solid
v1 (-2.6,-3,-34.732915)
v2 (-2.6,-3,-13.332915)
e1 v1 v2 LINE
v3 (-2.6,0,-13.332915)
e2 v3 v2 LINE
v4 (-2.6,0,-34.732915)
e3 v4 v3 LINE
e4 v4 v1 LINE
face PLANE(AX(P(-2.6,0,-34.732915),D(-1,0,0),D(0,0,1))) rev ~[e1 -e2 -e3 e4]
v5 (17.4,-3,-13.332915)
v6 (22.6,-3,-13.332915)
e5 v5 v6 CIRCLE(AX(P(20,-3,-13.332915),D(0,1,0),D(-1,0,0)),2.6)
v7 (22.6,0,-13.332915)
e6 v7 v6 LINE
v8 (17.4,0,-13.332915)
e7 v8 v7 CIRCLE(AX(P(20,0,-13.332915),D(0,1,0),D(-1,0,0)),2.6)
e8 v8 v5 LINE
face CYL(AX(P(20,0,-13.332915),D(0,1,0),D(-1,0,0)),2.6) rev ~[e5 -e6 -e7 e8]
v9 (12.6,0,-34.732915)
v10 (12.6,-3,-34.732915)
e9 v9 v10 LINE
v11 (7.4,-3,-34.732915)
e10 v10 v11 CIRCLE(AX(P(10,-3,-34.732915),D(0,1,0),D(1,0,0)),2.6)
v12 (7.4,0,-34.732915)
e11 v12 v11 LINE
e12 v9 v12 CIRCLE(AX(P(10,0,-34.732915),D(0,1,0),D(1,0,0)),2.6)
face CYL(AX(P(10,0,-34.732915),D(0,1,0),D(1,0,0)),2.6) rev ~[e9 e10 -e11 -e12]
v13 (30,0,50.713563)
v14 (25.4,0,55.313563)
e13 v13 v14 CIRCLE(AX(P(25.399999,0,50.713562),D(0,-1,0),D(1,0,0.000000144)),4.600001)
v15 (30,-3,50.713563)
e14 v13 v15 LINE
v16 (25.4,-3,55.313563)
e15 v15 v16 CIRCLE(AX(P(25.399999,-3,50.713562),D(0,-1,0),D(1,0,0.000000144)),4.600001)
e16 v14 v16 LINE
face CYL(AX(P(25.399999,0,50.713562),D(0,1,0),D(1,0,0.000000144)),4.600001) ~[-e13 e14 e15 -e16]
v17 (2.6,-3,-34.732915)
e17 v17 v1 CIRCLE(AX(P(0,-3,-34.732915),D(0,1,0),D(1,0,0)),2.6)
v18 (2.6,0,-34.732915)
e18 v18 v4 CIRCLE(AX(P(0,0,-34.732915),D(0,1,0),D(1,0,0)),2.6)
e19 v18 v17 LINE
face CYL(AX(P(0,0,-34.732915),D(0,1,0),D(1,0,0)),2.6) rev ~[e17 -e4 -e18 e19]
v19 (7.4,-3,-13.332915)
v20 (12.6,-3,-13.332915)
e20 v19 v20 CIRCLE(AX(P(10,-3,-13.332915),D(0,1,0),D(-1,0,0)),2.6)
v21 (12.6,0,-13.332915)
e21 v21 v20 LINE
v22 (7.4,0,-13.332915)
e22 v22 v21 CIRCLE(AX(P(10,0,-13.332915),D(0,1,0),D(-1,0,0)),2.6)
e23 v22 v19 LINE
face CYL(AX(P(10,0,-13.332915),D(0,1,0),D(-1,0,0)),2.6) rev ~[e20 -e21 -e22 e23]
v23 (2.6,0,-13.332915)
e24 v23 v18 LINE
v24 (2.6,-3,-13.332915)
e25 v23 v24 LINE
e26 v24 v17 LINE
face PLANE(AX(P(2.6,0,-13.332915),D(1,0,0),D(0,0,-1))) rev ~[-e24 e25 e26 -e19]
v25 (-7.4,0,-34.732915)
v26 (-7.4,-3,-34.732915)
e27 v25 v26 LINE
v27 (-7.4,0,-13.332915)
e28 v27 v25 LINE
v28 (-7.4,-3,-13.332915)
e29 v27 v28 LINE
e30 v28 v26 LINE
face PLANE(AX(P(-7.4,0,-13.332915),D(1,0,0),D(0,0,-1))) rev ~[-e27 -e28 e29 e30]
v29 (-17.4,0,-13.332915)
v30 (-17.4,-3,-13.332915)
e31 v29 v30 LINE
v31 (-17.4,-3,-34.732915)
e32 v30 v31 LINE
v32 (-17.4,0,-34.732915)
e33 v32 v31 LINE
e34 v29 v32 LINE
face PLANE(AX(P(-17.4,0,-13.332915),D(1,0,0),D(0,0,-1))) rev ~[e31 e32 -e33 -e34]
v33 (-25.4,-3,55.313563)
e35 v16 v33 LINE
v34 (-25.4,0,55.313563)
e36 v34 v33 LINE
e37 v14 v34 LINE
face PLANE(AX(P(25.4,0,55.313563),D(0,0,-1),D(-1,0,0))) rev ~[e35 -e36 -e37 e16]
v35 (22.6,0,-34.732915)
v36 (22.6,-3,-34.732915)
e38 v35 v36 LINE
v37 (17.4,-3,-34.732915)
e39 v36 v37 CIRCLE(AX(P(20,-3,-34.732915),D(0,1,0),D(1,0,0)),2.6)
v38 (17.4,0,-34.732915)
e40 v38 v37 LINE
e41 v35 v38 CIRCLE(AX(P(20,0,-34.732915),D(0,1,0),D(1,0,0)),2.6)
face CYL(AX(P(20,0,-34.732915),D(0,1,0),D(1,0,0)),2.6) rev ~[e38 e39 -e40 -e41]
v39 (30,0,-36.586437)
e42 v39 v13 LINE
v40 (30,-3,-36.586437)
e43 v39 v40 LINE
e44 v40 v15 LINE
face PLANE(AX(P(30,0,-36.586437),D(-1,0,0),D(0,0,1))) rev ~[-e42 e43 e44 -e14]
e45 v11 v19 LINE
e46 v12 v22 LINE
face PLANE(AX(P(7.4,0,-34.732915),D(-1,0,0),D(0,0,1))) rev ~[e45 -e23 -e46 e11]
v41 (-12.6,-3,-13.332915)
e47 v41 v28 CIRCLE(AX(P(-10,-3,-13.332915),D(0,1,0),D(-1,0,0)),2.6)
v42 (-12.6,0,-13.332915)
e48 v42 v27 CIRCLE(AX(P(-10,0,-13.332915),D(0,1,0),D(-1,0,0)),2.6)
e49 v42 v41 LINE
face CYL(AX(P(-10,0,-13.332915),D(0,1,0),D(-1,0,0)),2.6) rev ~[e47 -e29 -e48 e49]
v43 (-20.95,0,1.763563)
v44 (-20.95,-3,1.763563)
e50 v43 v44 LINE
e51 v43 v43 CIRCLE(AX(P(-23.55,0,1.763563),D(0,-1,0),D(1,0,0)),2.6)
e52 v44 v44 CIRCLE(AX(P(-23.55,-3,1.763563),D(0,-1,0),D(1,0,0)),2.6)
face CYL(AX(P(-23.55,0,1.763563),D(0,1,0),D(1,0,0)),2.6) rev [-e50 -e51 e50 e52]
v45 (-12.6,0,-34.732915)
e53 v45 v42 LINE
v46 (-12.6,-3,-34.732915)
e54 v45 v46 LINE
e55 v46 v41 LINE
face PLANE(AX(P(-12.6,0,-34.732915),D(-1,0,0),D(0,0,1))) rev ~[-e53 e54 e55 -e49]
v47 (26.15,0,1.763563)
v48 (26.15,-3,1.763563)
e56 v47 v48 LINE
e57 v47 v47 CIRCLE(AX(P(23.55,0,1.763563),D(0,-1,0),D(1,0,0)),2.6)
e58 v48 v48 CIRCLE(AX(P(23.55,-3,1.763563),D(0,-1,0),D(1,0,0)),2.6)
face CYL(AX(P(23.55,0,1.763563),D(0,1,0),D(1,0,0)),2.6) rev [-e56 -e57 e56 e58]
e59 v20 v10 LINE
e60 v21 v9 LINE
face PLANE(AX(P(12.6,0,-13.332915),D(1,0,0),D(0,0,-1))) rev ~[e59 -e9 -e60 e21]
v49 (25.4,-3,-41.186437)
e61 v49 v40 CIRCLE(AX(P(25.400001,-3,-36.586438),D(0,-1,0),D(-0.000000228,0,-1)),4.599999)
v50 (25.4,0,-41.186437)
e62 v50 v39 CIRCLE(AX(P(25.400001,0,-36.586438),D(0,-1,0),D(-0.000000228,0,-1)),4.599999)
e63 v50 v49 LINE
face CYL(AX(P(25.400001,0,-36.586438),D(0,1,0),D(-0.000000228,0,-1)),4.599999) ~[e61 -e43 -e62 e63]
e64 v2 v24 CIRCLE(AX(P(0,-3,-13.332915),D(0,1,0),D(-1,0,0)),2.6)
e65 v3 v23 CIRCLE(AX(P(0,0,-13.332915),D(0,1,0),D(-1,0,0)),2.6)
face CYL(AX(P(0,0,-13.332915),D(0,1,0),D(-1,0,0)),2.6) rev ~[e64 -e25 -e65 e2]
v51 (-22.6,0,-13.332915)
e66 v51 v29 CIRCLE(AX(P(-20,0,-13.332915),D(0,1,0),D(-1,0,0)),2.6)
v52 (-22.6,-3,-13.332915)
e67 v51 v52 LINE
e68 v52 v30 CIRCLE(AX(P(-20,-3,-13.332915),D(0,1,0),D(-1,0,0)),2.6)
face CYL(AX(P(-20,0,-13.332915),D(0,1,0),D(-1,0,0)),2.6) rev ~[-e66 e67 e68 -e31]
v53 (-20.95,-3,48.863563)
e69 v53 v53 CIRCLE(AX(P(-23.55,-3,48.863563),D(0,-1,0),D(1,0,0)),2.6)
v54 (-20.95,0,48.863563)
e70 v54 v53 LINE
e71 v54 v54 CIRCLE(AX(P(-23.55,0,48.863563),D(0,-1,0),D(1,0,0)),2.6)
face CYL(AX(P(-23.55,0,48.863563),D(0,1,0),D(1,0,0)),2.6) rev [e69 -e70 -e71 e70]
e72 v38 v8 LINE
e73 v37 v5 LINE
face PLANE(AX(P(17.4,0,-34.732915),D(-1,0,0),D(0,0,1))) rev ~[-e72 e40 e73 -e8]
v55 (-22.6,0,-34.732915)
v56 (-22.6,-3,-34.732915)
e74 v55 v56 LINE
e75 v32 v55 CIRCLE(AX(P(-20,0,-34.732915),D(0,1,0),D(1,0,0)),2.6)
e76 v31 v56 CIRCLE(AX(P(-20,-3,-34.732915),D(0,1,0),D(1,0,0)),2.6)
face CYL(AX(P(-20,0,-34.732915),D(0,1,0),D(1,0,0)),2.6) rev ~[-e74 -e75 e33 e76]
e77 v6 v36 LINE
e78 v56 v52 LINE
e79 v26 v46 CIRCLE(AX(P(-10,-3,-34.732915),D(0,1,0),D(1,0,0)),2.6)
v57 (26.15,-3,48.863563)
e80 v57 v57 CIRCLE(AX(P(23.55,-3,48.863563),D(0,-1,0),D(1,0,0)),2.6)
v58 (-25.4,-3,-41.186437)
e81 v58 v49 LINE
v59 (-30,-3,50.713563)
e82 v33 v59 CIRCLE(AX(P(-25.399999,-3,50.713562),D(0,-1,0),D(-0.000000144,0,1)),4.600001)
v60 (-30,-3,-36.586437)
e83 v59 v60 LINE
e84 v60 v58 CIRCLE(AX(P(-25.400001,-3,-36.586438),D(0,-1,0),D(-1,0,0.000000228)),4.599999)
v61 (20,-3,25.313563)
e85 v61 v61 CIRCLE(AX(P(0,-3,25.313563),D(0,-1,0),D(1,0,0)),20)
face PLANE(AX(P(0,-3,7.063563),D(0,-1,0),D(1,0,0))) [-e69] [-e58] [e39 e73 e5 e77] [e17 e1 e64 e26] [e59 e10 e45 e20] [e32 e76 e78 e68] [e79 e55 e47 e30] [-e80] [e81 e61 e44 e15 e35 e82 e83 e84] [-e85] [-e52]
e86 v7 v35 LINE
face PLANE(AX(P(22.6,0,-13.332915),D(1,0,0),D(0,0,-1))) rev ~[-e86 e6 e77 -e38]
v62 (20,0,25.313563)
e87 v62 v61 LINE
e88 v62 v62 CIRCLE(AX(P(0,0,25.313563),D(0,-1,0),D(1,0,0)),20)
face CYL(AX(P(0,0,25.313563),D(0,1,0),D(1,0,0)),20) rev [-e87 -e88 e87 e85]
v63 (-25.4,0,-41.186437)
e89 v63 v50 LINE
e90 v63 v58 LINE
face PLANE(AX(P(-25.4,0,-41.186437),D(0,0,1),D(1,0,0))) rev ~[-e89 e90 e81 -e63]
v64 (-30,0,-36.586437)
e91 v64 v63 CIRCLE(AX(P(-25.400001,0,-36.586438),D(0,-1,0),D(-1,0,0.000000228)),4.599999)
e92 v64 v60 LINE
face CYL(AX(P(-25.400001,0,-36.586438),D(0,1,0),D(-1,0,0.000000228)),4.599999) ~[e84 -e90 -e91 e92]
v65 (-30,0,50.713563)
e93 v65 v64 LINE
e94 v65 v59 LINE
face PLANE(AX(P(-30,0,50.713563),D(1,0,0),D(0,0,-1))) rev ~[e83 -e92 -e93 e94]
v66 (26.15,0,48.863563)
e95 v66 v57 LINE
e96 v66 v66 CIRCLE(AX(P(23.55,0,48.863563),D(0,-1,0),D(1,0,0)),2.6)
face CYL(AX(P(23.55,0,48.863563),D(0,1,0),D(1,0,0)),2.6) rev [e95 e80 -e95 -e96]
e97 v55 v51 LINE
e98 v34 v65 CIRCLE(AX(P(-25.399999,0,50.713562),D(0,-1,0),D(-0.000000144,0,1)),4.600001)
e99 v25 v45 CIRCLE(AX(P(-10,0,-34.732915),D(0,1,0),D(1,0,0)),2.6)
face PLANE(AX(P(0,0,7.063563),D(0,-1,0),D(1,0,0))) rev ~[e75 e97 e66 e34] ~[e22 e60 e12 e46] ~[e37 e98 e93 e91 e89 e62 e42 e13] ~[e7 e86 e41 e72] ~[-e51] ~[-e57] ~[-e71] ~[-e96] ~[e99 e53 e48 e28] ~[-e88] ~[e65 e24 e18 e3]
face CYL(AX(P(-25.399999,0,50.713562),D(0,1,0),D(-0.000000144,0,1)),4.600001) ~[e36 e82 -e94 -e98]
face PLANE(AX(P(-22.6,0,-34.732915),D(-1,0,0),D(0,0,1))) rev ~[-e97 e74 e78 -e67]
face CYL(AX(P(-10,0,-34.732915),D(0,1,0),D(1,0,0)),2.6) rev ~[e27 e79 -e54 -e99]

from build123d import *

# Parameters (mm, degrees)
F0_R     = 2.6
F0_R_2   = 20
F1_DEPTH = 3


with BuildPart() as f1:
    # F0 (on Front) → F1 (new body)
    with BuildSketch(Plane.XZ):
        with BuildLine():
            ThreePointArc((-30, -36.586437), (-28.652691, -39.839129), (-25.4, -41.186437))
            Line((-25.4, -41.186437), (25.4, -41.186437))
            ThreePointArc((25.4, -41.186437), (28.652691, -39.839129), (30, -36.586437))
            Line((30, -36.586437), (30, 50.713563))
            ThreePointArc((30, 50.713563), (28.652691, 53.966254), (25.4, 55.313563))
            Line((25.4, 55.313563), (-25.4, 55.313563))
            ThreePointArc((-25.4, 55.313563), (-28.652691, 53.966254), (-30, 50.713563))
            Line((-30, 50.713563), (-30, -36.586437))
        make_face()
        with BuildLine():
            ThreePointArc((-22.6, -13.332915), (-20, -10.732915), (-17.4, -13.332915))
            Line((-17.4, -13.332915), (-17.4, -34.732915))
            ThreePointArc((-17.4, -34.732915), (-20, -37.332915), (-22.6, -34.732915))
            Line((-22.6, -34.732915), (-22.6, -13.332915))
        make_face(mode=Mode.SUBTRACT)
        with BuildLine():
            ThreePointArc((-12.6, -13.332915), (-10, -10.732915), (-7.4, -13.332915))
            Line((-7.4, -13.332915), (-7.4, -34.732915))
            ThreePointArc((-7.4, -34.732915), (-10, -37.332915), (-12.6, -34.732915))
            Line((-12.6, -34.732915), (-12.6, -13.332915))
        make_face(mode=Mode.SUBTRACT)
        with Locations((-23.55, 1.763563)):
            Circle(F0_R, mode=Mode.SUBTRACT)
        with BuildLine():
            ThreePointArc((-2.6, -13.332915), (0, -10.732915), (2.6, -13.332915))
            Line((2.6, -13.332915), (2.6, -34.732915))
            ThreePointArc((2.6, -34.732915), (0, -37.332915), (-2.6, -34.732915))
            Line((-2.6, -34.732915), (-2.6, -13.332915))
        make_face(mode=Mode.SUBTRACT)
        with BuildLine():
            ThreePointArc((7.4, -13.332915), (10, -10.732915), (12.6, -13.332915))
            Line((12.6, -13.332915), (12.6, -34.732915))
            ThreePointArc((12.6, -34.732915), (10, -37.332915), (7.4, -34.732915))
            Line((7.4, -34.732915), (7.4, -13.332915))
        make_face(mode=Mode.SUBTRACT)
        with BuildLine():
            ThreePointArc((17.4, -13.332915), (20, -10.732915), (22.6, -13.332915))
            Line((22.6, -13.332915), (22.6, -34.732915))
            ThreePointArc((22.6, -34.732915), (20, -37.332915), (17.4, -34.732915))
            Line((17.4, -34.732915), (17.4, -13.332915))
        make_face(mode=Mode.SUBTRACT)
        with Locations((23.55, 1.763563)):
            Circle(F0_R, mode=Mode.SUBTRACT)
        with Locations((-23.55, 48.863563)):
            Circle(F0_R, mode=Mode.SUBTRACT)
        with Locations((0, 25.313563)):
            Circle(F0_R_2, mode=Mode.SUBTRACT)
        with Locations((23.55, 48.863563)):
            Circle(F0_R, mode=Mode.SUBTRACT)
    extrude(amount=F1_DEPTH)


solid = f1.part
